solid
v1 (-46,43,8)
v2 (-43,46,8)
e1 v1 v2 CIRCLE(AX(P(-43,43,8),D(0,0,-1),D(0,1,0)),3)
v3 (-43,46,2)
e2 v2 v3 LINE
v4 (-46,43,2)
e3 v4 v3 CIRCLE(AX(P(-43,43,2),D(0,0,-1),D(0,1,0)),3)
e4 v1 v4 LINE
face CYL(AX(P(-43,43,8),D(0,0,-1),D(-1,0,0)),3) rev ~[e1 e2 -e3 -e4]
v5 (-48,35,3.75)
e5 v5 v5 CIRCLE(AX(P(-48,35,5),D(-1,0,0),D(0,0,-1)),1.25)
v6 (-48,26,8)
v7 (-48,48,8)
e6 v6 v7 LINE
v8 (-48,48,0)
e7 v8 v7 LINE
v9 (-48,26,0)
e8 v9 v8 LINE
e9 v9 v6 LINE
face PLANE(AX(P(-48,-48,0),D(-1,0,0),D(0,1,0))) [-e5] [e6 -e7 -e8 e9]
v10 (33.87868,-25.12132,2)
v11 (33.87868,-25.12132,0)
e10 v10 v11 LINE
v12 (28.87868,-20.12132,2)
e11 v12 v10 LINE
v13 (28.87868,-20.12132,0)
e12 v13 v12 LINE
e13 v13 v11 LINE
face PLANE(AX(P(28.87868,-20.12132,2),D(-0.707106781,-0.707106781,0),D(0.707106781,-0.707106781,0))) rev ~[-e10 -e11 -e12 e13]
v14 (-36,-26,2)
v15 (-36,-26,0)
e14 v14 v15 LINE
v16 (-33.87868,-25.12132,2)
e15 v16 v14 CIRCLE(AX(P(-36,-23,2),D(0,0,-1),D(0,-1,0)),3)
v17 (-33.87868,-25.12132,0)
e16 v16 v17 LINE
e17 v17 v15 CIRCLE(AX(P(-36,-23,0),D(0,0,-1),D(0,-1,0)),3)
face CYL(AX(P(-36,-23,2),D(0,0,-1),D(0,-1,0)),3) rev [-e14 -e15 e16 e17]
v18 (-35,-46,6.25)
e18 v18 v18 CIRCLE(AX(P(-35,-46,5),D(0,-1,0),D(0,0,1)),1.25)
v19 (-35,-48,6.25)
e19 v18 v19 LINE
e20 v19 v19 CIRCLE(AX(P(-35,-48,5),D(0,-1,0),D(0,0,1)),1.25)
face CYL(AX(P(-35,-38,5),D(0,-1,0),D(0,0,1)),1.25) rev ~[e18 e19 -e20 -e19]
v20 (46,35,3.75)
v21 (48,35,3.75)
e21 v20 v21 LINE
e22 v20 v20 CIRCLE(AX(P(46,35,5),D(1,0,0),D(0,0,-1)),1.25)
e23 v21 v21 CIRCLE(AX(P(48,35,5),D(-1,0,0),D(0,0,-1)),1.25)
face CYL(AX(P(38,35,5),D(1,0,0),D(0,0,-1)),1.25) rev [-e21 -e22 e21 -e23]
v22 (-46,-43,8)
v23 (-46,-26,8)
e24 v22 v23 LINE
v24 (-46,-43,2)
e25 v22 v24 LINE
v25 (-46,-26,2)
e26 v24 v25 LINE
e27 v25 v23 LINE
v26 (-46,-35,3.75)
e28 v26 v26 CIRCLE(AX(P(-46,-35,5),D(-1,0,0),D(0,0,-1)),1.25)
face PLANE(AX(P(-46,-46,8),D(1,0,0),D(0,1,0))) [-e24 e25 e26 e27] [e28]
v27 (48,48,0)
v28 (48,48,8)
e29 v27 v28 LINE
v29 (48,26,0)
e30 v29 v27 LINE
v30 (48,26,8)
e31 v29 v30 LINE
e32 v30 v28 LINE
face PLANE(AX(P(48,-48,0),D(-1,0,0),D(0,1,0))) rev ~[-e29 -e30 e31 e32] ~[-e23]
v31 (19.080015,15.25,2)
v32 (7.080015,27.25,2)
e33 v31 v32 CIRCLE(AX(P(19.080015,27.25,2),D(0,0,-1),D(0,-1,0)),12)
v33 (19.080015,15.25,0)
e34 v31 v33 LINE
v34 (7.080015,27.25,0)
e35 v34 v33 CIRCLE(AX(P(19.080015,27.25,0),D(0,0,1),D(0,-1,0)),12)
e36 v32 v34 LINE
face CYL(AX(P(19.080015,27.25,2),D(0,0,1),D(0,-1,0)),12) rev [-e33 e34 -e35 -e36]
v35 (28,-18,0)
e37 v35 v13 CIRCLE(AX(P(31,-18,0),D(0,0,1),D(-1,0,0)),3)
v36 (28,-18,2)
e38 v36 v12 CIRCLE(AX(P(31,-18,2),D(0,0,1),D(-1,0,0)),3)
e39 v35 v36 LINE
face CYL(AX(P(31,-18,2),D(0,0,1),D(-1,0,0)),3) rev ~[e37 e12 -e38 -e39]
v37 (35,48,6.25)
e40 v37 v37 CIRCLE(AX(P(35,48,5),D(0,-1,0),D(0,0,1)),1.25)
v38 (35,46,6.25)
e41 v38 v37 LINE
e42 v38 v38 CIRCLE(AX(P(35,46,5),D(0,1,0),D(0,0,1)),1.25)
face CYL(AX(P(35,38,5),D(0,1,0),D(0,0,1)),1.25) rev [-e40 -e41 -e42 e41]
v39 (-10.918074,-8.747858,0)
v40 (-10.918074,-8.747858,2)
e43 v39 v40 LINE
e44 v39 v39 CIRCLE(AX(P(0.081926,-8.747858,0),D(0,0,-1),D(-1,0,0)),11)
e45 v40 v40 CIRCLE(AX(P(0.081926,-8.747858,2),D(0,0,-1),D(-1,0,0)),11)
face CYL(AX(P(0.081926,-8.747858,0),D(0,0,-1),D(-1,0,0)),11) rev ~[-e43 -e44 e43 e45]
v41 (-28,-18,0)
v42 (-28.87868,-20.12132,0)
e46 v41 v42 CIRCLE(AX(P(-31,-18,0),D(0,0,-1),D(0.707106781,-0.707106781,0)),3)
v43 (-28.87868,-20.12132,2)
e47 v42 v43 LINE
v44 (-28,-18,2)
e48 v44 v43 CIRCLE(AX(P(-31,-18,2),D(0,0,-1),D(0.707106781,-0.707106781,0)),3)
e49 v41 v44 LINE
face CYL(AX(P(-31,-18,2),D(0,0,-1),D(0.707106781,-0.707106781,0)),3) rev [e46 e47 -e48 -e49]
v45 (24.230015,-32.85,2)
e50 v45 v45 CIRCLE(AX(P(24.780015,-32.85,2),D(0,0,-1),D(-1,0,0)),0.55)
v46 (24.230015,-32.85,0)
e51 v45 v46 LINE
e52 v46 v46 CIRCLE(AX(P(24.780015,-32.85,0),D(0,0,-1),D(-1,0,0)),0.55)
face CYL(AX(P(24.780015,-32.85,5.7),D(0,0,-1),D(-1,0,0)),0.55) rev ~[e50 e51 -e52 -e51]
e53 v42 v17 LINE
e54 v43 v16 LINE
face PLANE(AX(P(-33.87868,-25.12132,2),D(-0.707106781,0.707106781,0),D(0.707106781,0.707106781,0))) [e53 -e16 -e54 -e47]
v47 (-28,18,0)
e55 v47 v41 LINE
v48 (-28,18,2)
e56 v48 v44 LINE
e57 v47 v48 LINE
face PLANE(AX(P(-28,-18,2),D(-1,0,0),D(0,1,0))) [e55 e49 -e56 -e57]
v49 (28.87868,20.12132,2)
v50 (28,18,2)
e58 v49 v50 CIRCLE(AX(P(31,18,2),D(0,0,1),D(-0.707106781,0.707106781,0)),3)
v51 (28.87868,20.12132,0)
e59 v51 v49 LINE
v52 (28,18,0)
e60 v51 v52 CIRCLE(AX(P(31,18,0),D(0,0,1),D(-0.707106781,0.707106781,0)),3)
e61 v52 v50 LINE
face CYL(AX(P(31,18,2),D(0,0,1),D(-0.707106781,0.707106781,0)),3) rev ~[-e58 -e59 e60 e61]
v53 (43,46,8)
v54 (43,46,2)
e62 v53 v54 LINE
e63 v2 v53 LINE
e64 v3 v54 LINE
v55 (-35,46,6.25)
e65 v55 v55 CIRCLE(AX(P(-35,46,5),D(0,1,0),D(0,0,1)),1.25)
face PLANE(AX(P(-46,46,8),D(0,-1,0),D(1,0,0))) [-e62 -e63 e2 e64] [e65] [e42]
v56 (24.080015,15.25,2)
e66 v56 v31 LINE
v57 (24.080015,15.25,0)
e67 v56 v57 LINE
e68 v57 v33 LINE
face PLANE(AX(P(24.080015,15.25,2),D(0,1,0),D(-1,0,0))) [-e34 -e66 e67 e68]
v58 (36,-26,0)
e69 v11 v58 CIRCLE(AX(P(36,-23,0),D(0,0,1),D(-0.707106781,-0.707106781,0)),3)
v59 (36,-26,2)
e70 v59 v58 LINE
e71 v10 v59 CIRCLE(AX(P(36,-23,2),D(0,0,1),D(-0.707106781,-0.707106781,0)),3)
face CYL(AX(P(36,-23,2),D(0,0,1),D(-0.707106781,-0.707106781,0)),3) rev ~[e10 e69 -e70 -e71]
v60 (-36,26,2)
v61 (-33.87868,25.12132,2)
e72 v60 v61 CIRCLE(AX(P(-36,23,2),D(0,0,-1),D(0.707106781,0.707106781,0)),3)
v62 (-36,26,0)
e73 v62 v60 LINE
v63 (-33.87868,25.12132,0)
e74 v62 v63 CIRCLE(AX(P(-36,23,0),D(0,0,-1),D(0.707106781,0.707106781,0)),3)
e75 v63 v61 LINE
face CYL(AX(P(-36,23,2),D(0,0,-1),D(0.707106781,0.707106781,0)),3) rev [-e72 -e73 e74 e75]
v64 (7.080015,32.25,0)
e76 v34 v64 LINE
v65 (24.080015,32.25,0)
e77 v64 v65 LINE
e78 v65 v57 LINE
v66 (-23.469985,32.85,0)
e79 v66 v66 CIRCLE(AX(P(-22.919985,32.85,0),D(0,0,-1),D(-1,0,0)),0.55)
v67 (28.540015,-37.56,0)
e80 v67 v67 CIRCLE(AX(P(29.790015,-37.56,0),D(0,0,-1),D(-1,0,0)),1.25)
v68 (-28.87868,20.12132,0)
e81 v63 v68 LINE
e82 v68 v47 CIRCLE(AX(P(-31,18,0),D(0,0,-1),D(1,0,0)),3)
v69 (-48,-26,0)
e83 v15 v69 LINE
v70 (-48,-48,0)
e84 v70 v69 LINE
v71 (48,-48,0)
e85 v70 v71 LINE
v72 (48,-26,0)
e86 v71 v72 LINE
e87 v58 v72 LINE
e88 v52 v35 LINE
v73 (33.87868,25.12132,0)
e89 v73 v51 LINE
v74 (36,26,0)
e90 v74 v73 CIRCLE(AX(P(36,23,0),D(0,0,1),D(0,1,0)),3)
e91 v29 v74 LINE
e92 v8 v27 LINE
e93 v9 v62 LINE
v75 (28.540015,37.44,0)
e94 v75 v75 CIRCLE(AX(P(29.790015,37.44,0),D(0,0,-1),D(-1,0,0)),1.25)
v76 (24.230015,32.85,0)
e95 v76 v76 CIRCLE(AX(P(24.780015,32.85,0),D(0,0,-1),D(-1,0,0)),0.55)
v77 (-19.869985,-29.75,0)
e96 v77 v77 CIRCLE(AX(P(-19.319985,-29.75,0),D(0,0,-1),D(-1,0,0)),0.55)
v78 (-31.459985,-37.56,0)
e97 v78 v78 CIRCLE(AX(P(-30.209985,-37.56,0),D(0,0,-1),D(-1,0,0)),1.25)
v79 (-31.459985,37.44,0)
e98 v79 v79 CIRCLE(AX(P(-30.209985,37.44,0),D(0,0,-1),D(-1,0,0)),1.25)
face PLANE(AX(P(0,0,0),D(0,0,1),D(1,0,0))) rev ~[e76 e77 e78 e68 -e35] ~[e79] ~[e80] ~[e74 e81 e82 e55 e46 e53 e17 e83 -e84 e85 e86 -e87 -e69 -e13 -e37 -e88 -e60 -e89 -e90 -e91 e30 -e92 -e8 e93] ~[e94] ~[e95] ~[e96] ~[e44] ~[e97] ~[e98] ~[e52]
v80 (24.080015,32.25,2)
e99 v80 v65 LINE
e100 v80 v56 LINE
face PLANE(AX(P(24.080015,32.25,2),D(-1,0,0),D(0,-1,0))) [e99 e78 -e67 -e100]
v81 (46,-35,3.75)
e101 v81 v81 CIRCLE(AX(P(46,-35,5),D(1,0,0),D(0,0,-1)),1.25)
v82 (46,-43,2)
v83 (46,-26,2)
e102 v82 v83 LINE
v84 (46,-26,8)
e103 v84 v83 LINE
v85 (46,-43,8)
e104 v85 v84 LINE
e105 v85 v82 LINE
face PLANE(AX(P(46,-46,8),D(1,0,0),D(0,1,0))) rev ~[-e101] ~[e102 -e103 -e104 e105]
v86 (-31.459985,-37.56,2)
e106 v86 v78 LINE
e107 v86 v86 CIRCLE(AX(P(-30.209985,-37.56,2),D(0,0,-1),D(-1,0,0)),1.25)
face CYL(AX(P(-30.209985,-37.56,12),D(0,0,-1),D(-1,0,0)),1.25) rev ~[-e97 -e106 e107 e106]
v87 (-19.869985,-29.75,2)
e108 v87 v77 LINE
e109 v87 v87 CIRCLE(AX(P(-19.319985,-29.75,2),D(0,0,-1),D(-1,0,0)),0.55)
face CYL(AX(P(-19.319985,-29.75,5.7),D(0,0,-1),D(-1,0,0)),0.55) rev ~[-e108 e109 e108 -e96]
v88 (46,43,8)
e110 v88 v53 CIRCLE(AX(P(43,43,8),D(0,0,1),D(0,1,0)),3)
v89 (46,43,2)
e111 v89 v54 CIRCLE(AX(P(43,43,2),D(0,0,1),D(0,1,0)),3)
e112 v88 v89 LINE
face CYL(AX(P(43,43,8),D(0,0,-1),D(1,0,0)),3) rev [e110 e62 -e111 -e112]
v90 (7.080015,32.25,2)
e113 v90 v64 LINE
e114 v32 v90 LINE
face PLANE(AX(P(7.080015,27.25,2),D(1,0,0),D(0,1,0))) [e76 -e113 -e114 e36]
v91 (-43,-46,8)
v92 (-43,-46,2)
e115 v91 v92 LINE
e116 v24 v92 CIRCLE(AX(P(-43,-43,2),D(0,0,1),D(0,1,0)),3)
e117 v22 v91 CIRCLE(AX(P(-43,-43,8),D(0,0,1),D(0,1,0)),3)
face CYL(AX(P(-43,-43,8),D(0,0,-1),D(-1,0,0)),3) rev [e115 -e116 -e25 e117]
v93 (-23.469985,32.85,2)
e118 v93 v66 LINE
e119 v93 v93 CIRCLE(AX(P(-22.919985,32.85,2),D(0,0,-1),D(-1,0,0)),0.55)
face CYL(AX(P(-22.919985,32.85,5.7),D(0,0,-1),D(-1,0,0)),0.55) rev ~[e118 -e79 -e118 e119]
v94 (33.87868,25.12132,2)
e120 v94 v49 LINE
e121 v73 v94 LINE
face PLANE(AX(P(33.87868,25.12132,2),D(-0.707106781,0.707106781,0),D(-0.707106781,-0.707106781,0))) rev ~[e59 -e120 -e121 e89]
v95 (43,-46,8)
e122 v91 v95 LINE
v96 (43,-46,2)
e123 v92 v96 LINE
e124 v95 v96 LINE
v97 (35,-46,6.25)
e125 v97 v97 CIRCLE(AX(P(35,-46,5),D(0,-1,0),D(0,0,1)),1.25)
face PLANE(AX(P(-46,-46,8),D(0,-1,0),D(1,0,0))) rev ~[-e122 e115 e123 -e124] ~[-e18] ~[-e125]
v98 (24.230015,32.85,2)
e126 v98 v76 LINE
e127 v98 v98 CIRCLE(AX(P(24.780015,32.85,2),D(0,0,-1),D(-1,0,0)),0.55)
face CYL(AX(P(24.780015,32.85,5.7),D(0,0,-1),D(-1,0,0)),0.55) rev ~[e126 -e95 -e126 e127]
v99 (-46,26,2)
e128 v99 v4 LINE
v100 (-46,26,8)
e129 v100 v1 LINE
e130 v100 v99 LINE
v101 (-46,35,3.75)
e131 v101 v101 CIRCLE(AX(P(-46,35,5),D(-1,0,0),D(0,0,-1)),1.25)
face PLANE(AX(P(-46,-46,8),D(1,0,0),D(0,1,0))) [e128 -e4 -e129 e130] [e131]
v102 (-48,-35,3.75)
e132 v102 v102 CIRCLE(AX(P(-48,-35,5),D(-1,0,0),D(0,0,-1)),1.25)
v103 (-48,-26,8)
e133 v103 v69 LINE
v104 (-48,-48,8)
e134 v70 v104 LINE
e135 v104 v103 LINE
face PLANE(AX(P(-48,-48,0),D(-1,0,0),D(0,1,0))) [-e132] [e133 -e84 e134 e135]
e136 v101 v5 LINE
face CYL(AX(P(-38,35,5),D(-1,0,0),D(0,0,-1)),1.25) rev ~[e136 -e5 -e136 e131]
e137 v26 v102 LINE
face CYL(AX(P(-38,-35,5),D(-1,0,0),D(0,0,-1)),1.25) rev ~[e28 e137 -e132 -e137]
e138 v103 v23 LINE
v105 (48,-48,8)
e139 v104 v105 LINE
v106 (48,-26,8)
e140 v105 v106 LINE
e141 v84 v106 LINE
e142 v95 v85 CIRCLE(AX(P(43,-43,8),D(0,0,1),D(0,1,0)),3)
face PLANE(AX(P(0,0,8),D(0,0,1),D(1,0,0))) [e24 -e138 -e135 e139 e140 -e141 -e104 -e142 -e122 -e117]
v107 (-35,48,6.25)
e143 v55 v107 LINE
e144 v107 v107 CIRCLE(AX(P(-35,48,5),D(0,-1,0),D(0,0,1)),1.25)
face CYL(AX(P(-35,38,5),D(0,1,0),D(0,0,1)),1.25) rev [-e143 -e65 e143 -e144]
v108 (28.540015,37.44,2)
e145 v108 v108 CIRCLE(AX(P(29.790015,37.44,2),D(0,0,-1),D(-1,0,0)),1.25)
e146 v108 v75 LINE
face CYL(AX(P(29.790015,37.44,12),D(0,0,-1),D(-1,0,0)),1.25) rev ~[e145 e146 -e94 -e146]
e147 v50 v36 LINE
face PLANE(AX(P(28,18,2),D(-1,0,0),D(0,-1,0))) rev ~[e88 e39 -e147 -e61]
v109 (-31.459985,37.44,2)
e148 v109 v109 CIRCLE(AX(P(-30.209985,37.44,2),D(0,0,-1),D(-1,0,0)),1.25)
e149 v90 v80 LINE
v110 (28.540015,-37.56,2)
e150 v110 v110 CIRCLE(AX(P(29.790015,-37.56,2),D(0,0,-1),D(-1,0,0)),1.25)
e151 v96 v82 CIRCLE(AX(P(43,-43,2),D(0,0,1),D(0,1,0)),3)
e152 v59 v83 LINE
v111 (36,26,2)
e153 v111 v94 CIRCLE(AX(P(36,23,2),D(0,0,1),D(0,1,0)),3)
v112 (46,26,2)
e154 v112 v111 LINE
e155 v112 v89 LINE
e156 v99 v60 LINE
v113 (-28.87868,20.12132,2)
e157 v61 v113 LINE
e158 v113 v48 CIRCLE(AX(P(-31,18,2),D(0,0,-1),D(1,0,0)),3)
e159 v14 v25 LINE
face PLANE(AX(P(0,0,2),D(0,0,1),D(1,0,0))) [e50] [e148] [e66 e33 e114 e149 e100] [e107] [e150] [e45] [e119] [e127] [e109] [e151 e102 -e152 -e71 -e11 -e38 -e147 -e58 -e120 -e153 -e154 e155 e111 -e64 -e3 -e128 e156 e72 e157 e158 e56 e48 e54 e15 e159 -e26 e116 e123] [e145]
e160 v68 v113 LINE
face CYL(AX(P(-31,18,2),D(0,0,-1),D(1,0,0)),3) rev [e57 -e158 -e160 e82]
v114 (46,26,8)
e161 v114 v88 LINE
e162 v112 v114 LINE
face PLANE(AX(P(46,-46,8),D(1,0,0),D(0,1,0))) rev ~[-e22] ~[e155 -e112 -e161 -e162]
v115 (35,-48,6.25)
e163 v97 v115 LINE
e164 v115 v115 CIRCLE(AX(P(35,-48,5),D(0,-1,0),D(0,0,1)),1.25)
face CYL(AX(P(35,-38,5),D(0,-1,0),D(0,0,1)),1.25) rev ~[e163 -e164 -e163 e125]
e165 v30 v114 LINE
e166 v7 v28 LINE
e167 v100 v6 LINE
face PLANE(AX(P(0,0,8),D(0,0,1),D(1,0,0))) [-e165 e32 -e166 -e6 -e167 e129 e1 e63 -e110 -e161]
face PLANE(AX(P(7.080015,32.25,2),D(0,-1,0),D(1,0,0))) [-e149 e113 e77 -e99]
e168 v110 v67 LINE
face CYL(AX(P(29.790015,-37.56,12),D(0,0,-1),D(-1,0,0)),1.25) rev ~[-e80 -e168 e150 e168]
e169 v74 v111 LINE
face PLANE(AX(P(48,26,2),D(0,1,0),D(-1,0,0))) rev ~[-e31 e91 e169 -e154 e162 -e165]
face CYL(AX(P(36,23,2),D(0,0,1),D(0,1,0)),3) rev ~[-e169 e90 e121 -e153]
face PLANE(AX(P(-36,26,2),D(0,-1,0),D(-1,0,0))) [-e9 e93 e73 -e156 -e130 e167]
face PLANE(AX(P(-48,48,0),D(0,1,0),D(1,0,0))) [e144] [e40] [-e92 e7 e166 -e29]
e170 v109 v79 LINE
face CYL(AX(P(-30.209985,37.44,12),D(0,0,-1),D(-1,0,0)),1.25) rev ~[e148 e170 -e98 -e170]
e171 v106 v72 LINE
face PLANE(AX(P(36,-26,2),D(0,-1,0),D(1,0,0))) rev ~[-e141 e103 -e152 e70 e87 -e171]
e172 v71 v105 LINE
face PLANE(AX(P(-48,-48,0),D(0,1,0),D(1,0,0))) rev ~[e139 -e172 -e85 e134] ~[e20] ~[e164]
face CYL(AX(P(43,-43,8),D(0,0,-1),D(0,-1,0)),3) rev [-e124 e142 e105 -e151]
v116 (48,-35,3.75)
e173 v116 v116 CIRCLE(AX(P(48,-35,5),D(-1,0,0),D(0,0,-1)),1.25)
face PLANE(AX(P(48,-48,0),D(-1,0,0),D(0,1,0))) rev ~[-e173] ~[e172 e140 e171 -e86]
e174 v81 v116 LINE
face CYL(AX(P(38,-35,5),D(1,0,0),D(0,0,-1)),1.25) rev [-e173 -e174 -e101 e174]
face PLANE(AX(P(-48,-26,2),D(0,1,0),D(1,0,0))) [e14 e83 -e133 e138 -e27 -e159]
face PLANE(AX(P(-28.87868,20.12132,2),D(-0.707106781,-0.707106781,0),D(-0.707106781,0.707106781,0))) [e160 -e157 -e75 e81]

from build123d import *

# Parameters (mm, degrees)
SKETCH1_W                      = 96
SKETCH1_H                      = 96
BOSS_EXTRUDE1_DEPTH            = 8
SKETCH2_W                      = 92
SKETCH2_H                      = 92
COMPONENT_PLATFORM_DEPTH       = 6
CABLE_SLOTS_DEPTH              = 6
INNER_CORNER_FILLETS_R         = 3
M3X0_5_TAPPED_HOLE1_AT_2_COUNT = 2
M3X0_5_TAPPED_HOLE1_AT_2_PITCH = 70
M3X0_5_TAPPED_HOLE2_AT_2_COUNT = 2
M3X0_5_TAPPED_HOLE2_AT_2_PITCH = 70
M1_4X0_3_TAPPED_HOLE1_D        = 1.1
M1_4X0_3_TAPPED_HOLE1_DEPTH    = 3.7
M1_4X0_3_TAPPED_HOLE1_TIP      = 0.33047334
SKETCH29_R                     = 11
HDD_EXTRUSION_CUTOUT_DEPTH     = 10
HDD_EXTRUSION_CUTOUT_2_DEPTH   = 10
M3X0_5_TAPPED_HOLE3_D          = 2.5
M3X0_5_TAPPED_HOLE3_DEPTH      = 10
M3X0_5_TAPPED_HOLE3_TIP        = 0.751075774


with BuildPart() as part:
    # Sketch1 → Boss-Extrude1 (new body)
    with BuildSketch(Plane.XY):
        Rectangle(SKETCH1_W, SKETCH1_H)
    extrude(amount=BOSS_EXTRUDE1_DEPTH)

    # Sketch2 → Component Platform (cut)
    with BuildSketch(Plane.XY.offset(8)):
        Rectangle(SKETCH2_W, SKETCH2_H)
    extrude(amount=-COMPONENT_PLATFORM_DEPTH, mode=Mode.SUBTRACT)

    # Sketch3 → Cable Slots (cut, symmetric)
    with BuildSketch(Plane.XY.offset(2)):
        with BuildLine():
            Line((-33.878679656, -25.121320344), (-28.878679656, -20.121320344))
            ThreePointArc((-28.878679656, -20.121320344), (-28.228361402, -19.148050297), (-28, -18))
            Line((-28, -18), (-28, 18))
            ThreePointArc((-28, 18), (-28.228361402, 19.148050297), (-28.878679656, 20.121320344))
            Line((-28.878679656, 20.121320344), (-33.878679656, 25.121320344))
            ThreePointArc((-33.878679656, 25.121320344), (-34.851949703, 25.771638598), (-36, 26))
            Line((-36, 26), (-48, 26))
            Line((-48, 26), (-48, -26))
            Line((-48, -26), (-36, -26))
            ThreePointArc((-36, -26), (-34.851949703, -25.771638598), (-33.878679656, -25.121320344))
        make_face()
        with BuildLine():
            Line((48, -26), (48, 26))
            Line((48, 26), (36, 26))
            ThreePointArc((36, 26), (34.851949703, 25.771638598), (33.878679656, 25.121320344))
            Line((33.878679656, 25.121320344), (28.878679656, 20.121320344))
            ThreePointArc((28.878679656, 20.121320344), (28.228361402, 19.148050297), (28, 18))
            Line((28, 18), (28, -18))
            ThreePointArc((28, -18), (28.228361402, -19.148050297), (28.878679656, -20.121320344))
            Line((28.878679656, -20.121320344), (33.878679656, -25.121320344))
            ThreePointArc((33.878679656, -25.121320344), (34.851949703, -25.771638598), (36, -26))
            Line((36, -26), (48, -26))
        make_face()
    extrude(amount=CABLE_SLOTS_DEPTH, both=True, mode=Mode.SUBTRACT)

    # Inner Corner Fillets
    inner_corner_fillets_edges = [part.edges().sort_by_distance(p)[0] for p in [
        (-46, -46, 5),
        (-46, 46, 5),
        (46, 46, 5),
        (46, -46, 5),
    ]]
    fillet(inner_corner_fillets_edges, radius=INNER_CORNER_FILLETS_R)

    # Sketch14 → M3x0.5 Tapped Hole1 (revolve, cut)
    with BuildSketch(Plane(origin=(48, -35, 5), x_dir=(0, 0, -1), z_dir=(0, 1, 0))):
        Polygon((0, 0), (0, 10.751075774), (1.25, 10), (1.25, 0), align=None)
    m3x0_5_tapped_hole1 = revolve(axis=Axis((54.35, -35, 5), (-1, 0, 0)), mode=Mode.SUBTRACT)

    # M3x0.5 Tapped Hole1 at 2: M3x0.5 Tapped Hole1 ×2
    with Locations(*[(0, i * M3X0_5_TAPPED_HOLE1_AT_2_PITCH, 0) for i in range(1, M3X0_5_TAPPED_HOLE1_AT_2_COUNT)]):
        add(m3x0_5_tapped_hole1, mode=Mode.SUBTRACT)

    # Sketch16 → M3x0.5 Tapped Hole2 (revolve, cut)
    with BuildSketch(Plane(origin=(35, 48, 5), x_dir=(0, 0, 1), z_dir=(1, 0, 0))):
        Polygon((0, 0), (0, 10.751075774), (1.25, 10), (1.25, 0), align=None)
    m3x0_5_tapped_hole2 = revolve(axis=Axis((35, 54.35, 5), (0, -1, 0)), mode=Mode.SUBTRACT)

    # M3x0.5 Tapped Hole2 at 2: M3x0.5 Tapped Hole2 ×2
    with Locations(*[(-i * M3X0_5_TAPPED_HOLE2_AT_2_PITCH, 0, 0) for i in range(1, M3X0_5_TAPPED_HOLE2_AT_2_COUNT)]):
        add(m3x0_5_tapped_hole2, mode=Mode.SUBTRACT)

    # Mirror1: M3x0.5 Tapped Hole1 across plane
    add(m3x0_5_tapped_hole1.mirror(Plane(origin=(0, 0, 0), x_dir=(0, 0, 1), z_dir=(1, 0, 0))), mode=Mode.SUBTRACT)

    # Mirror1 copy 1 sketch → Mirror1 copy 1 (revolve, cut)
    with BuildSketch(Plane(origin=(-48, 35, 5), x_dir=(0, 0, -1), z_dir=(0, 1, 0))):
        Polygon((0, 0), (0, -10.751075774), (1.25, -10), (1.25, 0), align=None)
    revolve(axis=Axis((-54.35, 35, 5), (-1, 0, 0)), mode=Mode.SUBTRACT)

    # Mirror2: M3x0.5 Tapped Hole2 across plane
    add(m3x0_5_tapped_hole2.mirror(Plane(origin=(0, 0, 0), x_dir=(0, 0, 1), z_dir=(0, -1, 0))), mode=Mode.SUBTRACT)

    # Mirror2 copy 1 sketch → Mirror2 copy 1 (revolve, cut)
    with BuildSketch(Plane(origin=(-35, -48, 5), x_dir=(0, 0, 1), z_dir=(1, 0, 0))):
        Polygon((0, 0), (0, -10.751075774), (1.25, -10), (1.25, 0), align=None)
    revolve(axis=Axis((-35, -54.35, 5), (0, -1, 0)), mode=Mode.SUBTRACT)

    # M1.4x0.3 Tapped Hole1
    with Locations(Plane.XY.offset(2)):
        with Locations((-19.31998517, -29.75), (24.78001483, -32.85), (24.78001483, 32.85), (-22.91998517, 32.85)):
            Hole(M1_4X0_3_TAPPED_HOLE1_D / 2, depth=M1_4X0_3_TAPPED_HOLE1_DEPTH)
            with Locations((0, 0, -(M1_4X0_3_TAPPED_HOLE1_DEPTH + M1_4X0_3_TAPPED_HOLE1_TIP / 2))):  # 118° drill point
                Cone(0, M1_4X0_3_TAPPED_HOLE1_D / 2, M1_4X0_3_TAPPED_HOLE1_TIP, mode=Mode.SUBTRACT)

    # Sketch29 → HDD Extrusion Cutout (cut)
    with BuildSketch(Plane(origin=(0, 0, 0), x_dir=(-1, 0, 0), z_dir=(0, 0, -1))):
        with Locations((-0.08192631, -8.74785827)):
            Circle(SKETCH29_R)
    extrude(amount=-HDD_EXTRUSION_CUTOUT_DEPTH, mode=Mode.SUBTRACT)

    # Sketch9 → HDD Extrusion Cutout 2 (cut)
    with BuildSketch(Plane.XY.offset(2)):
        with BuildLine():
            Line((24.08001483, 32.25), (24.08001483, 15.25))
            Line((24.08001483, 15.25), (19.08001483, 15.25))
            ThreePointArc((19.08001483, 15.25), (10.594733456, 18.764718626), (7.08001483, 27.25))
            Line((7.08001483, 27.25), (7.08001483, 32.25))
            Line((7.08001483, 32.25), (24.08001483, 32.25))
        make_face()
    extrude(amount=-HDD_EXTRUSION_CUTOUT_2_DEPTH, mode=Mode.SUBTRACT)

    # M3x0.5 Tapped Hole3
    with Locations(Plane.XY.offset(2)):
        with Locations((-30.20998517, -37.56), (29.79001483, -37.56), (29.79001483, 37.44), (-30.20998517, 37.44)):
            Hole(M3X0_5_TAPPED_HOLE3_D / 2, depth=M3X0_5_TAPPED_HOLE3_DEPTH)
            with Locations((0, 0, -(M3X0_5_TAPPED_HOLE3_DEPTH + M3X0_5_TAPPED_HOLE3_TIP / 2))):  # 118° drill point
                Cone(0, M3X0_5_TAPPED_HOLE3_D / 2, M3X0_5_TAPPED_HOLE3_TIP, mode=Mode.SUBTRACT)


solid = part.part
